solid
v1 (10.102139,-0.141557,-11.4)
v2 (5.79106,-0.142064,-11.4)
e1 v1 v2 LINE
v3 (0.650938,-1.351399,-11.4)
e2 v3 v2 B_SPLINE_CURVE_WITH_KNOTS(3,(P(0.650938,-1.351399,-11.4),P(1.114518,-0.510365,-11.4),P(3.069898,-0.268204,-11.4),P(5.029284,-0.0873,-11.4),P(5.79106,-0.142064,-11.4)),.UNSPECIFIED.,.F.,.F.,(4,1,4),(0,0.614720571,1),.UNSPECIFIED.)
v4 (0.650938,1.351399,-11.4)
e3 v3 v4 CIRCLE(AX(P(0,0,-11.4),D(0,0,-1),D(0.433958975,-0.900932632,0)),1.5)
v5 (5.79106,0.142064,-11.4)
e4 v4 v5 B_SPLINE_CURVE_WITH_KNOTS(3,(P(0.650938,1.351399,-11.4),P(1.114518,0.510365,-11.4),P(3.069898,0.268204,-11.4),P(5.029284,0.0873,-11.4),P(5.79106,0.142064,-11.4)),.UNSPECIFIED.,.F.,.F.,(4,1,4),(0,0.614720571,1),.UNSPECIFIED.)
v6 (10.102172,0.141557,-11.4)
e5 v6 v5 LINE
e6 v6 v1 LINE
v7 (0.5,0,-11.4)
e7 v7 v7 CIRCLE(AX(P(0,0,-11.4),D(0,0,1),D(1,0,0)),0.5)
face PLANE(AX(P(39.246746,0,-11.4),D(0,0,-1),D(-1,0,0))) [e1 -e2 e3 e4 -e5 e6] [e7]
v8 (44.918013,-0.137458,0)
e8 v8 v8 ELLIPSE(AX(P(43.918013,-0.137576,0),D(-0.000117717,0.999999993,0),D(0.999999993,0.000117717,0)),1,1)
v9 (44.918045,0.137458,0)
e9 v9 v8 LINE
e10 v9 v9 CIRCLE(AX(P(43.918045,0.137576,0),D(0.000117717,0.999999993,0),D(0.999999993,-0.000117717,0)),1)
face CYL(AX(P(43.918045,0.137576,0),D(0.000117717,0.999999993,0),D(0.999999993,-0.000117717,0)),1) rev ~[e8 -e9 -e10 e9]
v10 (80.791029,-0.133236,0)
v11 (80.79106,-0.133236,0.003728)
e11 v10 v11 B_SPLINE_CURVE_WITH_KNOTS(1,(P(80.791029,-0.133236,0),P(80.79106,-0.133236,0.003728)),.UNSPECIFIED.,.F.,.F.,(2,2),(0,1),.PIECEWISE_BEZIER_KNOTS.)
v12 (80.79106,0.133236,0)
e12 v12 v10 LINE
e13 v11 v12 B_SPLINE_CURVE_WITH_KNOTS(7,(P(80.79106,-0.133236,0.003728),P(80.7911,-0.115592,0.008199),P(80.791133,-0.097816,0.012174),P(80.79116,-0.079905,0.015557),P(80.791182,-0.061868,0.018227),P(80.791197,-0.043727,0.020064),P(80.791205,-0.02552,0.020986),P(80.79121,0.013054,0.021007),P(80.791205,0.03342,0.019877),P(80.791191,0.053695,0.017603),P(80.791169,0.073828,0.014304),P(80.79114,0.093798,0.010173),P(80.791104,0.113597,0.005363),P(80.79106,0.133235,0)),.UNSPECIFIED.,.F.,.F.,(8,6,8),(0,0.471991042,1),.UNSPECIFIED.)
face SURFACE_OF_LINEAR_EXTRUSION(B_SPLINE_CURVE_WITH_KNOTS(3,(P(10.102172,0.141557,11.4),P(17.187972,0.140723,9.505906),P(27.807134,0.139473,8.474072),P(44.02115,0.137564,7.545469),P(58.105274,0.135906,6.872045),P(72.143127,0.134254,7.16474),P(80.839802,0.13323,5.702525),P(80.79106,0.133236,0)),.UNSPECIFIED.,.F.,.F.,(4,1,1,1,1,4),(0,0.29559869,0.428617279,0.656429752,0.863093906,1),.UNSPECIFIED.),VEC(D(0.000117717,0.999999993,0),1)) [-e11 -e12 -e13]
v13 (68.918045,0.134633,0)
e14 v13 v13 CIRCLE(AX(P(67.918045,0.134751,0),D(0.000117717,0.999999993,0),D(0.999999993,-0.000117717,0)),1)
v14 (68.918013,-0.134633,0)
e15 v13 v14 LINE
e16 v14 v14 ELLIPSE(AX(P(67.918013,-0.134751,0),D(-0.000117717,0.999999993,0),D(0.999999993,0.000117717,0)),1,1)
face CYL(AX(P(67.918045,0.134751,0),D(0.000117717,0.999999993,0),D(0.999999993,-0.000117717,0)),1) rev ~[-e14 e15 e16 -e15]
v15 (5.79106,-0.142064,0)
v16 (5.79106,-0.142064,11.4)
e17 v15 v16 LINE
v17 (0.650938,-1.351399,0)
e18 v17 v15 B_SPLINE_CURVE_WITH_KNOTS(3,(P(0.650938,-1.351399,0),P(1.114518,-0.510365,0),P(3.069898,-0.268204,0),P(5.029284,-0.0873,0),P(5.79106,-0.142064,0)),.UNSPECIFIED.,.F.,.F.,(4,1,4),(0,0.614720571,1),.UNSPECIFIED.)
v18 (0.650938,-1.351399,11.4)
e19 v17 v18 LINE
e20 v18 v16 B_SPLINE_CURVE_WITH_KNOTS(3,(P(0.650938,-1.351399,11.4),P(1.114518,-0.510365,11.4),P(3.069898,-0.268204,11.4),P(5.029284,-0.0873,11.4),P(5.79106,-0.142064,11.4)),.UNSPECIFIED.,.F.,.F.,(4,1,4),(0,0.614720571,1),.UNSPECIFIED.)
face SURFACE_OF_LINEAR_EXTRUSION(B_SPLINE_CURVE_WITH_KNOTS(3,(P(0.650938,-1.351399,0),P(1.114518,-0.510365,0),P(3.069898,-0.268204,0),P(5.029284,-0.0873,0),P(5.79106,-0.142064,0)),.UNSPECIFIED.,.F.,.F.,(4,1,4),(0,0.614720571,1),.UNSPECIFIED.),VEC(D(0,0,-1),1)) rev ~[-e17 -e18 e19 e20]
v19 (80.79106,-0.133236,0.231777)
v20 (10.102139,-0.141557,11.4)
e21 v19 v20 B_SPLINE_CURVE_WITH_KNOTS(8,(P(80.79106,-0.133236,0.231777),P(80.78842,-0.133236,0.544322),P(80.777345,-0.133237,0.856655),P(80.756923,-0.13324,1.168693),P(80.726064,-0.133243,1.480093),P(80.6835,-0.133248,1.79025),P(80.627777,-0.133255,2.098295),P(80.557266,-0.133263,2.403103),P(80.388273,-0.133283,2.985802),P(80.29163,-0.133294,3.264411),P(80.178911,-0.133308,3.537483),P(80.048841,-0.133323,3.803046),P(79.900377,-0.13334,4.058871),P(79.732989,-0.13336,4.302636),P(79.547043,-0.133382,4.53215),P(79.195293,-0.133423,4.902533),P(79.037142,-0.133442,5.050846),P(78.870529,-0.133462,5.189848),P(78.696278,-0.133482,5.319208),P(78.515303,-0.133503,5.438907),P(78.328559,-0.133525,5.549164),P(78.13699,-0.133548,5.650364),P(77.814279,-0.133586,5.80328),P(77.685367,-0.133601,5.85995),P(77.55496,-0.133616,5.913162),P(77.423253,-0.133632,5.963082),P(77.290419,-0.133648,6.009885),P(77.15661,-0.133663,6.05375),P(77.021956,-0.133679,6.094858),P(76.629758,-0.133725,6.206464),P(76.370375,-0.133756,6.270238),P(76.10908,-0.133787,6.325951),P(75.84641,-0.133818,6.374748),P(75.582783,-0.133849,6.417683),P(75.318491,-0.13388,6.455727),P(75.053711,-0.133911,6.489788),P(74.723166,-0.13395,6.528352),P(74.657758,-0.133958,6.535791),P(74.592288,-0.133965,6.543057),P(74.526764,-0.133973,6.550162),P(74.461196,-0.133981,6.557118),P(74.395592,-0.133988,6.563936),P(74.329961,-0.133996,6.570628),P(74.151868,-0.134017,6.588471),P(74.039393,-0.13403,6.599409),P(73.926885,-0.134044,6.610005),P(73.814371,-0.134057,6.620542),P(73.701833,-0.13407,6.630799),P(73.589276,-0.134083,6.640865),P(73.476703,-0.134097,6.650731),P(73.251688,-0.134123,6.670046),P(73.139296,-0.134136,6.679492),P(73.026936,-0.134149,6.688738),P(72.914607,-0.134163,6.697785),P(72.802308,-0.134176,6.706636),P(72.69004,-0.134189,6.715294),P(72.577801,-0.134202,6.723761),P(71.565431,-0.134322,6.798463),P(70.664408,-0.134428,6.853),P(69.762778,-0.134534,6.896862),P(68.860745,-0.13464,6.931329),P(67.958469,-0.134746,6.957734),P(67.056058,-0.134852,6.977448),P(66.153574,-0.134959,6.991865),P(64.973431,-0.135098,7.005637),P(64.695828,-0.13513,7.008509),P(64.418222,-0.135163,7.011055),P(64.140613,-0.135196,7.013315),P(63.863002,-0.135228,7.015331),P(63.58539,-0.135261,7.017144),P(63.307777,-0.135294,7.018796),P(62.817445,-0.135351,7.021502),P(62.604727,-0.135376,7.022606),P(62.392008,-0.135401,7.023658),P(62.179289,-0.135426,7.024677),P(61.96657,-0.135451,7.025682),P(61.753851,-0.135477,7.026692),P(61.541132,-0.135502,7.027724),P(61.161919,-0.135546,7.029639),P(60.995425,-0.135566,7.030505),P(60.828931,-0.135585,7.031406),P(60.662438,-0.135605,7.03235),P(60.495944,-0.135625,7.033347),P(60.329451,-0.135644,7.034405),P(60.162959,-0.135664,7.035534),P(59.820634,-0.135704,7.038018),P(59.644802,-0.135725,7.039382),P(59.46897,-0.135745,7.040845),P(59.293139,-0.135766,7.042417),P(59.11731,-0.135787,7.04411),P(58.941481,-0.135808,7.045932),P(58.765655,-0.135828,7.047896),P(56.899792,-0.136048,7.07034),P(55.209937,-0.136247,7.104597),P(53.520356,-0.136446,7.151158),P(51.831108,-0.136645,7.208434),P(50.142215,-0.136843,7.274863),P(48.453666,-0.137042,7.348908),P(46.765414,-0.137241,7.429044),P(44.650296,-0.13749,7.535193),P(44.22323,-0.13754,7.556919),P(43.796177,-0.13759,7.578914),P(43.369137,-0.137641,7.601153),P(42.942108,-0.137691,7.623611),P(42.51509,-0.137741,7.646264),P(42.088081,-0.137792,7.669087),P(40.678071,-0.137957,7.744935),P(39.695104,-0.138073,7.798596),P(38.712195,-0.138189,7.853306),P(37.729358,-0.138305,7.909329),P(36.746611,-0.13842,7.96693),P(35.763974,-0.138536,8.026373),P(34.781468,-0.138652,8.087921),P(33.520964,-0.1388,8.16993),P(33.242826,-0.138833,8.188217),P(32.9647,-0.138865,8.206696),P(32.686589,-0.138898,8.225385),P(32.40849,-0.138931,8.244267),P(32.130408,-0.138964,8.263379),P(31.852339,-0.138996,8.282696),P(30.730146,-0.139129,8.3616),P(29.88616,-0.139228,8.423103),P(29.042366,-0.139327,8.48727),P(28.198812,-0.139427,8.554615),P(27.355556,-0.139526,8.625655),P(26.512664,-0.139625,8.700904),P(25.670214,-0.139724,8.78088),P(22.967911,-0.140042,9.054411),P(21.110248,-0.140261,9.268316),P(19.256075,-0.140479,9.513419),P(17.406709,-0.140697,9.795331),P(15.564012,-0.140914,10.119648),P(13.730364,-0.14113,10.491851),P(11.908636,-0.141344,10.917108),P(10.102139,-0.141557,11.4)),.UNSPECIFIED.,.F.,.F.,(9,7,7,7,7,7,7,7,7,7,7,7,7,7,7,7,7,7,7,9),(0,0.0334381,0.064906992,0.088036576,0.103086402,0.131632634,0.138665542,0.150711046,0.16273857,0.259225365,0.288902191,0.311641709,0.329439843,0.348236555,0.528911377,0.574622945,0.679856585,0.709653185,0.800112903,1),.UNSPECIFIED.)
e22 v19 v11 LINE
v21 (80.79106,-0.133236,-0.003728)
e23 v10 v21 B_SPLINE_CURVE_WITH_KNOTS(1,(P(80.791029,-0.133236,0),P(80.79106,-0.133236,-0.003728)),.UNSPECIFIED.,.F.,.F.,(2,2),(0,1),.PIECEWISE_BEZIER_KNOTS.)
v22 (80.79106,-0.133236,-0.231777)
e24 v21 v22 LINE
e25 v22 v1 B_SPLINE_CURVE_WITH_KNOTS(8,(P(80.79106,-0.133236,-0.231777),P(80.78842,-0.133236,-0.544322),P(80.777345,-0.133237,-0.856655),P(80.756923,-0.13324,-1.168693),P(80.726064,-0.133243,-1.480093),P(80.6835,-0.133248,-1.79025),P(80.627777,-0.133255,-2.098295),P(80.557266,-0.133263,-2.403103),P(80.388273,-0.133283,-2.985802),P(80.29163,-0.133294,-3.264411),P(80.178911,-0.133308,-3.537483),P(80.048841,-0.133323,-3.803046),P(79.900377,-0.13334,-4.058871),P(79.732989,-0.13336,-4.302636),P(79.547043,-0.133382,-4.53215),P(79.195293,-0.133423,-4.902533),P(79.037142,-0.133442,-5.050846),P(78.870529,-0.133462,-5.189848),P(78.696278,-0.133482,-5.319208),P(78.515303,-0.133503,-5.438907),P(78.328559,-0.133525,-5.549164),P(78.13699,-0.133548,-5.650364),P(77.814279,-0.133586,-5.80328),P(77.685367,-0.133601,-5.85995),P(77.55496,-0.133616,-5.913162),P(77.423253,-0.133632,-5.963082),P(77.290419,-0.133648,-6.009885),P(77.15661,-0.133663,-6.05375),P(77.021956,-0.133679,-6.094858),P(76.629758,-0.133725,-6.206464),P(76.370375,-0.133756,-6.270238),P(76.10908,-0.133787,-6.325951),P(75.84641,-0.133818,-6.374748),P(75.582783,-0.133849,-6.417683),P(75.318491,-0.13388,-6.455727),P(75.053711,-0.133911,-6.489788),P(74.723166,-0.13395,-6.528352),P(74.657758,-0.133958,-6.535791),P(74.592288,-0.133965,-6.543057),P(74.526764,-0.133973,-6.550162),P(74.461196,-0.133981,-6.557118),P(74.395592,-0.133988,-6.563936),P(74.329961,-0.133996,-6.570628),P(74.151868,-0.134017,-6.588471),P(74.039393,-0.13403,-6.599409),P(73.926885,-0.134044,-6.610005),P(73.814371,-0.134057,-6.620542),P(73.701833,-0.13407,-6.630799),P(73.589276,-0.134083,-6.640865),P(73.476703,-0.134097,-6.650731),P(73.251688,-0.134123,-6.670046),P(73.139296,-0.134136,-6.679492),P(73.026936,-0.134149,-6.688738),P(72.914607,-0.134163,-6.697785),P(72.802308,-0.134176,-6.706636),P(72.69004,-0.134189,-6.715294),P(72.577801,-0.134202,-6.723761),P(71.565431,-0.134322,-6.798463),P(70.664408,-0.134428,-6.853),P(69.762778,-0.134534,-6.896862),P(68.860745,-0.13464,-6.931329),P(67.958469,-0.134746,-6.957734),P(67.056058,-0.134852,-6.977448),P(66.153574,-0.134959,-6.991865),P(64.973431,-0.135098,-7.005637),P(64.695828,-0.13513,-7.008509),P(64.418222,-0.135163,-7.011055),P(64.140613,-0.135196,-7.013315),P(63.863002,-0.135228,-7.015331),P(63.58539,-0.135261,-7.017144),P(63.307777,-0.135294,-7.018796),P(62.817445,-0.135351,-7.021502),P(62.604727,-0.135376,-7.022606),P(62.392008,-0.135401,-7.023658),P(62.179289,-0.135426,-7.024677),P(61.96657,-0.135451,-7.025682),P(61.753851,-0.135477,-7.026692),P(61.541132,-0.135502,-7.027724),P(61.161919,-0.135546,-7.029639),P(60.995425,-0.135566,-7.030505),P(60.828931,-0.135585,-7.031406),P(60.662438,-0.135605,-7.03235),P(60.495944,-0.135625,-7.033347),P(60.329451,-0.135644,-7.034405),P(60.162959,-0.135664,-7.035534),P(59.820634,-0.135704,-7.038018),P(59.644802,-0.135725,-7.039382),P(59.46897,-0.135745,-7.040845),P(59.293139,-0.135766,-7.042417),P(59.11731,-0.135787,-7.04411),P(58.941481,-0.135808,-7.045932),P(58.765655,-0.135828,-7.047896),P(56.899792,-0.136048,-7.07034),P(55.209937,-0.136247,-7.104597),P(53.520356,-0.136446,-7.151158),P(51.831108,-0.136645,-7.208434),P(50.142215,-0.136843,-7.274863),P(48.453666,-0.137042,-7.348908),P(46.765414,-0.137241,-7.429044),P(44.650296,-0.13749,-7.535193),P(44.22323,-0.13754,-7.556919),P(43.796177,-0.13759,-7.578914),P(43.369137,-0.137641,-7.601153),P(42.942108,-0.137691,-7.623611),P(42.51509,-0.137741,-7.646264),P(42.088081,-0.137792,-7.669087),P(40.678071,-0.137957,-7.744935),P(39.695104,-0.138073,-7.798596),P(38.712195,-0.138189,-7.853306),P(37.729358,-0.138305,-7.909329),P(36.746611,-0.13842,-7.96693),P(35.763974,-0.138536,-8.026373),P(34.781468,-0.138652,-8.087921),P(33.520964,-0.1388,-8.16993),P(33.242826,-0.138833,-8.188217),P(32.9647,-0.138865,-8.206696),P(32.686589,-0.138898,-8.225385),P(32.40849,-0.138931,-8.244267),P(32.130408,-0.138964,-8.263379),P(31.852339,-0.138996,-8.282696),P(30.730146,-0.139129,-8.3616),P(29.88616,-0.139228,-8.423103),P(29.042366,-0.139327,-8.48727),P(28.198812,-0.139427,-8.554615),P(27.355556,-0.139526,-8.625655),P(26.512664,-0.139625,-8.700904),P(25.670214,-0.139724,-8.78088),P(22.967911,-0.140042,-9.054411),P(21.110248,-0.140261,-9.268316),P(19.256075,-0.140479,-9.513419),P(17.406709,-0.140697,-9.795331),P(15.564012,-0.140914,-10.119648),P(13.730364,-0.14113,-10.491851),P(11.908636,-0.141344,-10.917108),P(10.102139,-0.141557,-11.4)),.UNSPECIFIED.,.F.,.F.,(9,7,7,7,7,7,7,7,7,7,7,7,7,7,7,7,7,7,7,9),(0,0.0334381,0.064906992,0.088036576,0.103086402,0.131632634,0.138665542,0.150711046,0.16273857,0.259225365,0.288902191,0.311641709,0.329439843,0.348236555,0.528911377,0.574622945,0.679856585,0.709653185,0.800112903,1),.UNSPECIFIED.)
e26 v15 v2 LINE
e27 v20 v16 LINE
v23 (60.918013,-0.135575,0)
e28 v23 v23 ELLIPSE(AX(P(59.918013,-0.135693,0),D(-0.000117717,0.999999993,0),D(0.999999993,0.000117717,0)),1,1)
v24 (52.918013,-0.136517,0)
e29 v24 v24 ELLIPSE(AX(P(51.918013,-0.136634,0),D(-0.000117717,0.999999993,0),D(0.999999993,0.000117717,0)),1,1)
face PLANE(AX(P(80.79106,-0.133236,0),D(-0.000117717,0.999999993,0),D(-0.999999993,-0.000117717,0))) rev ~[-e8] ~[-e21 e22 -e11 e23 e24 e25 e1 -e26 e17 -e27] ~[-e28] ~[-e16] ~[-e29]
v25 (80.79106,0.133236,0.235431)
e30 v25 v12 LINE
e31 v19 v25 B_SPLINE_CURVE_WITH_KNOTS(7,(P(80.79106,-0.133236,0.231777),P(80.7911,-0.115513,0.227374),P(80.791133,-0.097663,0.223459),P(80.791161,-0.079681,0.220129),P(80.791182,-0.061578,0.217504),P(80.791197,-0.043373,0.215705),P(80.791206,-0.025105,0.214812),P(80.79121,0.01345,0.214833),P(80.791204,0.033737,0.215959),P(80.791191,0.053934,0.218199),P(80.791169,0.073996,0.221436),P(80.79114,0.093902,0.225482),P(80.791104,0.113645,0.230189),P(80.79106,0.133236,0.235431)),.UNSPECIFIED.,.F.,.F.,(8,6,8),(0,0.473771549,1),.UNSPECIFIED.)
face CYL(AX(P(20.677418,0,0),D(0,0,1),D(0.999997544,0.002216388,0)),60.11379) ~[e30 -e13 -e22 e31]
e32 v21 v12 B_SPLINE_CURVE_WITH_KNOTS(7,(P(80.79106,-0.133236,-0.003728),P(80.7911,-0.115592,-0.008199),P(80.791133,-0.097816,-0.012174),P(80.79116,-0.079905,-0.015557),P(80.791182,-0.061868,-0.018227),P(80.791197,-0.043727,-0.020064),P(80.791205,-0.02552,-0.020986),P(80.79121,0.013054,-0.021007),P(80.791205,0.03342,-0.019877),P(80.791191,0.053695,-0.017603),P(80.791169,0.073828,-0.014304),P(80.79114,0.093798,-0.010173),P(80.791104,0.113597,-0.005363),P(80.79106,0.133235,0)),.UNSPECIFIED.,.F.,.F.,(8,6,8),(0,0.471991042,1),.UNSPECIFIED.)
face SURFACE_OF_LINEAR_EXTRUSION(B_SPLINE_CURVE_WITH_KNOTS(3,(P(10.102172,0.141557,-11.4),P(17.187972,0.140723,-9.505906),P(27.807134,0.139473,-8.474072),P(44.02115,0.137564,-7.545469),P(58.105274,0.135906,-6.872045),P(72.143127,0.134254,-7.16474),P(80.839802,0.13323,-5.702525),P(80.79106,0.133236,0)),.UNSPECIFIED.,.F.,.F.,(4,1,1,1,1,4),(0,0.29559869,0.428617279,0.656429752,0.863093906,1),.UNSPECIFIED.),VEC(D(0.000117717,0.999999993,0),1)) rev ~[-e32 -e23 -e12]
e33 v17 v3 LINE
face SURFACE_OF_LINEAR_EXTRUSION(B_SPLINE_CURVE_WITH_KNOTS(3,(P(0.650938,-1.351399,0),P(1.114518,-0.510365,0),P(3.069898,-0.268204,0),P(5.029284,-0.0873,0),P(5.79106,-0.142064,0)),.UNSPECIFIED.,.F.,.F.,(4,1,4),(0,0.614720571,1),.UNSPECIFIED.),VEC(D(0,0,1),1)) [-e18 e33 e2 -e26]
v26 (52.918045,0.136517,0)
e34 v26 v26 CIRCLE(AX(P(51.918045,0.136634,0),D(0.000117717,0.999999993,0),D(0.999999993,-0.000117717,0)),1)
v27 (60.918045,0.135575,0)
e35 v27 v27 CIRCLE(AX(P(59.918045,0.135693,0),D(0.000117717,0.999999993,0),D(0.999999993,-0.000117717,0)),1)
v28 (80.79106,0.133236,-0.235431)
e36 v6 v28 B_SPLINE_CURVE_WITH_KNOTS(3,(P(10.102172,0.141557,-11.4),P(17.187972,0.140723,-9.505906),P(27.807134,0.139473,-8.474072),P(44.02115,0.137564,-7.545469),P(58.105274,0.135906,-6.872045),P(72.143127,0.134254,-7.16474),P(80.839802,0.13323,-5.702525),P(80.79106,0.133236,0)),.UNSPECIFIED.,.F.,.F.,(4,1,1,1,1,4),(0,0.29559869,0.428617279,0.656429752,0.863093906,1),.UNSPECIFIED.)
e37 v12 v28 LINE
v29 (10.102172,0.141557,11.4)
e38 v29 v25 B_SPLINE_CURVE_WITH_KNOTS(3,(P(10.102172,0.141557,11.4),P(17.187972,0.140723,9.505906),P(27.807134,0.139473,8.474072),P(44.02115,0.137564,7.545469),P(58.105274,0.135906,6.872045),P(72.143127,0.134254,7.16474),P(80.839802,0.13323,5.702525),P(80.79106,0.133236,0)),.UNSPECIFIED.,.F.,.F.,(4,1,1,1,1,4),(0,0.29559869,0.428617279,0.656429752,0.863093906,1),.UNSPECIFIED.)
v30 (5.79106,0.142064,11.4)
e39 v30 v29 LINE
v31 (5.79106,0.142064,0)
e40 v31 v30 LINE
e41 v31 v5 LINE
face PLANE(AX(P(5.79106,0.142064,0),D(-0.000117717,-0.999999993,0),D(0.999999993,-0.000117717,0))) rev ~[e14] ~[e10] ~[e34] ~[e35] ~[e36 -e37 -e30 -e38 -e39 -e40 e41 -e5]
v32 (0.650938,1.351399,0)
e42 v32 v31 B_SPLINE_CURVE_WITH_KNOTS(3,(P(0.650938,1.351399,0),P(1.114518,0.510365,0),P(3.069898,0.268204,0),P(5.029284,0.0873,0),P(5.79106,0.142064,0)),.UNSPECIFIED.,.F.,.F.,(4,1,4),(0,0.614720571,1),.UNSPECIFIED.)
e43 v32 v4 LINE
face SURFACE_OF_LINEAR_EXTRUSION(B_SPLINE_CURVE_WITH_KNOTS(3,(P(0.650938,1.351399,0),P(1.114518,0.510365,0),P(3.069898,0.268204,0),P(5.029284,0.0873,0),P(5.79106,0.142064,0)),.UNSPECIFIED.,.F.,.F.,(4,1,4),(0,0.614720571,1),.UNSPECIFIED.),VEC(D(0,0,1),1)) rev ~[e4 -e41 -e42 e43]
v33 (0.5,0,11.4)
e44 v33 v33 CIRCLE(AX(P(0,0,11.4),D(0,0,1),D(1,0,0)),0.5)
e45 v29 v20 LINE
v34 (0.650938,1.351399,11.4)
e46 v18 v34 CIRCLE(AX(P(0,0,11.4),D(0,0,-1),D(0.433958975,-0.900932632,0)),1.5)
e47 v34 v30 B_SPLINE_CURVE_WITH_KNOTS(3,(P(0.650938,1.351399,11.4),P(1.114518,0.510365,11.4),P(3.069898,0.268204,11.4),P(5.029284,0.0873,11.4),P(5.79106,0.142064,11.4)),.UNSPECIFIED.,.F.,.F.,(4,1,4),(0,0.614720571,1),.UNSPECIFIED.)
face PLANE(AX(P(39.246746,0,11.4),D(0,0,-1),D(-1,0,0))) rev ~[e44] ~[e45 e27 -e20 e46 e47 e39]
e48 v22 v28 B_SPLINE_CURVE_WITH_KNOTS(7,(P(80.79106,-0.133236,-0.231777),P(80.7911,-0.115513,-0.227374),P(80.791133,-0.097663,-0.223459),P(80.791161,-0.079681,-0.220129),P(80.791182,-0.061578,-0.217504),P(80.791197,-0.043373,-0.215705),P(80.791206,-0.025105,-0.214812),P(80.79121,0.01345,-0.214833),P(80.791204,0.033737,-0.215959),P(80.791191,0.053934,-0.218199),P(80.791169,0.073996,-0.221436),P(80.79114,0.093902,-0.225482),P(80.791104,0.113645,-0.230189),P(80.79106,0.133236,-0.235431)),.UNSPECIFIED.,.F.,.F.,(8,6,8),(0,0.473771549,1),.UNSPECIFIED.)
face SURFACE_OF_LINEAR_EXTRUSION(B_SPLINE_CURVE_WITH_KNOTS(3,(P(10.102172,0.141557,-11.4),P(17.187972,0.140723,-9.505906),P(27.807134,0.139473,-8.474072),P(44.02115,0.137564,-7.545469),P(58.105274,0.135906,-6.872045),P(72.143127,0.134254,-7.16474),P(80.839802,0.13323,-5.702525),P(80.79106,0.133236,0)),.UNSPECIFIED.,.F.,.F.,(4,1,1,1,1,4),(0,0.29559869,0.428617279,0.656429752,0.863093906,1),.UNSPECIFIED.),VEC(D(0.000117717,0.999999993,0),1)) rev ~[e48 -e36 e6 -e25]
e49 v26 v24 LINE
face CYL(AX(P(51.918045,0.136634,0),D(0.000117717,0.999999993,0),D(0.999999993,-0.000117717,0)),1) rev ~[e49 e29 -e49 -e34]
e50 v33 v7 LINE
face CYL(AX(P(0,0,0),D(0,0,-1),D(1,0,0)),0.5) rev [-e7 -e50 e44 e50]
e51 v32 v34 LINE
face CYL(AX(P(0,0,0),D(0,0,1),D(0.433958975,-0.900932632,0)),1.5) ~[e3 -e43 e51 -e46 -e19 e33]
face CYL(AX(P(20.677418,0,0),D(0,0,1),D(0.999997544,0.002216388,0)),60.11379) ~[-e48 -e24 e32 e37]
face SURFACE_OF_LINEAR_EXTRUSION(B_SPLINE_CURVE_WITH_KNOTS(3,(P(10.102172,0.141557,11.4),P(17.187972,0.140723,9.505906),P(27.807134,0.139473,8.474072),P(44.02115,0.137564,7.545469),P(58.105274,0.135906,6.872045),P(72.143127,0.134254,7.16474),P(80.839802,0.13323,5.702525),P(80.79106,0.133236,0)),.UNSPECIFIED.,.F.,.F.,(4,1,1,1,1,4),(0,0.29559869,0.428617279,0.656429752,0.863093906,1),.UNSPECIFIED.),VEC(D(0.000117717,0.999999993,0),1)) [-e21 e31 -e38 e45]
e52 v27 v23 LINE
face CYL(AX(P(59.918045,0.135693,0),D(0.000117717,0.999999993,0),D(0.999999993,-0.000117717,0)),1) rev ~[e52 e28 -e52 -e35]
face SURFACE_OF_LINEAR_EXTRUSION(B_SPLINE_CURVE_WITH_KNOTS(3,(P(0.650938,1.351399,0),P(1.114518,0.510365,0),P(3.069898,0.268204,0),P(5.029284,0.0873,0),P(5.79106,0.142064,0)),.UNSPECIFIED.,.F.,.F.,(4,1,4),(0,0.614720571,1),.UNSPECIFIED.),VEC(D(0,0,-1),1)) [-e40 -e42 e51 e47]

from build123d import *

# Parameters (mm, degrees)
ESQUISSE2_R                  = 0.5
BOSS_EXTRU_1_DEPTH           = 11.4
BOSS_EXTRU_1_DEPTH_BACK      = 11.4
ENL_V_MAT_EXTRU_1_DEPTH      = 2.3667646
ENL_V_MAT_EXTRU_1_DEPTH_BACK = 2.642922663
ESQUISSE4_R                  = 1
ENL_V_MAT_EXTRU_2_DEPTH      = 10


with BuildPart() as part:
    # Esquisse2 → Boss.-Extru.1 (new body, two sides)
    with BuildSketch(Plane.XY) as boss_extru_1_sk:
        with BuildLine():
            Line((5.791060422, 0.142064292), (80.791060422, 0.133235508))
            ThreePointArc((80.791060422, 0.133235508), (80.791208073, 0), (80.791060422, -0.133235508))
            Line((80.791060422, -0.133235508), (5.791060422, -0.142064292))
            add(Edge.make_bspline(
                [(0.650938463, -1.351398948), (1.114517622, -0.510365175), (3.069897688, -0.268204079), (5.029284194, -0.087299538), (5.791060422, -0.142064292)],
                knots=[0, 0, 0, 0, 0.614720571, 1, 1, 1, 1], degree=3))
            ThreePointArc((0.650938463, -1.351398948), (-1.5, 0), (0.650938463, 1.351398948))
            add(Edge.make_bspline(
                [(0.650938463, 1.351398948), (1.114517622, 0.510365175), (3.069897688, 0.268204079), (5.029284194, 0.087299538), (5.791060422, 0.142064292)],
                knots=[0, 0, 0, 0, 0.614720571, 1, 1, 1, 1], degree=3))
        make_face()
        Circle(ESQUISSE2_R, mode=Mode.SUBTRACT)
    extrude(amount=BOSS_EXTRU_1_DEPTH)
    extrude(boss_extru_1_sk.sketch, amount=-BOSS_EXTRU_1_DEPTH_BACK)

    # Esquisse3 → Enlèv. mat.-Extru.1 (cut, two sides)
    with BuildSketch(Plane(origin=(1.6804e-05, 0.142745997, 0), x_dir=(0.999999993, -0.000117717, 0), z_dir=(0.000117717, 0.999999993, 0))) as enl_v_mat_extru_1_sk:
        with BuildLine():
            Line((10.102155287, -11.4), (10.102155287, -17.099052468))
            Line((10.102155287, -17.099052468), (86.344524323, -17.099052468))
            Line((86.344524323, -17.099052468), (86.344524323, 15.270652799))
            Line((86.344524323, 15.270652799), (10.102155287, 15.270652799))
            Line((10.102155287, 15.270652799), (10.102155287, 11.4))
            add(Edge.make_bspline(
                [(10.102155287, 11.4), (17.187955459, 9.505905963), (27.807117465, 8.474072417), (44.021133961, 7.54546899), (58.105257919, 6.872044623), (72.14311084, 7.164739919), (80.839785674, 5.702525327), (80.791044178, 0)],
                knots=[0, 0, 0, 0, 0.29559869, 0.428617279, 0.656429752, 0.863093906, 1, 1, 1, 1], degree=3))
            add(Edge.make_bspline(
                [(10.102155287, -11.4), (17.187955459, -9.505905963), (27.807117465, -8.474072417), (44.021133961, -7.54546899), (58.105257919, -6.872044623), (72.14311084, -7.164739919), (80.839785674, -5.702525327), (80.791044178, 0)],
                knots=[0, 0, 0, 0, 0.29559869, 0.428617279, 0.656429752, 0.863093906, 1, 1, 1, 1], degree=3))
        make_face()
    extrude(amount=ENL_V_MAT_EXTRU_1_DEPTH, mode=Mode.SUBTRACT)
    extrude(enl_v_mat_extru_1_sk.sketch, amount=-ENL_V_MAT_EXTRU_1_DEPTH_BACK, mode=Mode.SUBTRACT)

    # Esquisse4 → Enlèv. mat.-Extru.2 (cut)
    with BuildSketch(Plane(origin=(1.6804e-05, 0.142745997, 0), x_dir=(0.999999993, -0.000117717, 0), z_dir=(0.000117717, 0.999999993, 0))):
        with Locations((67.918028656, 0)):
            Circle(ESQUISSE4_R)
        with Locations((59.918028656, 0)):
            Circle(ESQUISSE4_R)
        with Locations((51.918028656, 0)):
            Circle(ESQUISSE4_R)
        with Locations((43.918028656, 0)):
            Circle(ESQUISSE4_R)
    extrude(amount=-ENL_V_MAT_EXTRU_2_DEPTH, mode=Mode.SUBTRACT)


solid = part.part
